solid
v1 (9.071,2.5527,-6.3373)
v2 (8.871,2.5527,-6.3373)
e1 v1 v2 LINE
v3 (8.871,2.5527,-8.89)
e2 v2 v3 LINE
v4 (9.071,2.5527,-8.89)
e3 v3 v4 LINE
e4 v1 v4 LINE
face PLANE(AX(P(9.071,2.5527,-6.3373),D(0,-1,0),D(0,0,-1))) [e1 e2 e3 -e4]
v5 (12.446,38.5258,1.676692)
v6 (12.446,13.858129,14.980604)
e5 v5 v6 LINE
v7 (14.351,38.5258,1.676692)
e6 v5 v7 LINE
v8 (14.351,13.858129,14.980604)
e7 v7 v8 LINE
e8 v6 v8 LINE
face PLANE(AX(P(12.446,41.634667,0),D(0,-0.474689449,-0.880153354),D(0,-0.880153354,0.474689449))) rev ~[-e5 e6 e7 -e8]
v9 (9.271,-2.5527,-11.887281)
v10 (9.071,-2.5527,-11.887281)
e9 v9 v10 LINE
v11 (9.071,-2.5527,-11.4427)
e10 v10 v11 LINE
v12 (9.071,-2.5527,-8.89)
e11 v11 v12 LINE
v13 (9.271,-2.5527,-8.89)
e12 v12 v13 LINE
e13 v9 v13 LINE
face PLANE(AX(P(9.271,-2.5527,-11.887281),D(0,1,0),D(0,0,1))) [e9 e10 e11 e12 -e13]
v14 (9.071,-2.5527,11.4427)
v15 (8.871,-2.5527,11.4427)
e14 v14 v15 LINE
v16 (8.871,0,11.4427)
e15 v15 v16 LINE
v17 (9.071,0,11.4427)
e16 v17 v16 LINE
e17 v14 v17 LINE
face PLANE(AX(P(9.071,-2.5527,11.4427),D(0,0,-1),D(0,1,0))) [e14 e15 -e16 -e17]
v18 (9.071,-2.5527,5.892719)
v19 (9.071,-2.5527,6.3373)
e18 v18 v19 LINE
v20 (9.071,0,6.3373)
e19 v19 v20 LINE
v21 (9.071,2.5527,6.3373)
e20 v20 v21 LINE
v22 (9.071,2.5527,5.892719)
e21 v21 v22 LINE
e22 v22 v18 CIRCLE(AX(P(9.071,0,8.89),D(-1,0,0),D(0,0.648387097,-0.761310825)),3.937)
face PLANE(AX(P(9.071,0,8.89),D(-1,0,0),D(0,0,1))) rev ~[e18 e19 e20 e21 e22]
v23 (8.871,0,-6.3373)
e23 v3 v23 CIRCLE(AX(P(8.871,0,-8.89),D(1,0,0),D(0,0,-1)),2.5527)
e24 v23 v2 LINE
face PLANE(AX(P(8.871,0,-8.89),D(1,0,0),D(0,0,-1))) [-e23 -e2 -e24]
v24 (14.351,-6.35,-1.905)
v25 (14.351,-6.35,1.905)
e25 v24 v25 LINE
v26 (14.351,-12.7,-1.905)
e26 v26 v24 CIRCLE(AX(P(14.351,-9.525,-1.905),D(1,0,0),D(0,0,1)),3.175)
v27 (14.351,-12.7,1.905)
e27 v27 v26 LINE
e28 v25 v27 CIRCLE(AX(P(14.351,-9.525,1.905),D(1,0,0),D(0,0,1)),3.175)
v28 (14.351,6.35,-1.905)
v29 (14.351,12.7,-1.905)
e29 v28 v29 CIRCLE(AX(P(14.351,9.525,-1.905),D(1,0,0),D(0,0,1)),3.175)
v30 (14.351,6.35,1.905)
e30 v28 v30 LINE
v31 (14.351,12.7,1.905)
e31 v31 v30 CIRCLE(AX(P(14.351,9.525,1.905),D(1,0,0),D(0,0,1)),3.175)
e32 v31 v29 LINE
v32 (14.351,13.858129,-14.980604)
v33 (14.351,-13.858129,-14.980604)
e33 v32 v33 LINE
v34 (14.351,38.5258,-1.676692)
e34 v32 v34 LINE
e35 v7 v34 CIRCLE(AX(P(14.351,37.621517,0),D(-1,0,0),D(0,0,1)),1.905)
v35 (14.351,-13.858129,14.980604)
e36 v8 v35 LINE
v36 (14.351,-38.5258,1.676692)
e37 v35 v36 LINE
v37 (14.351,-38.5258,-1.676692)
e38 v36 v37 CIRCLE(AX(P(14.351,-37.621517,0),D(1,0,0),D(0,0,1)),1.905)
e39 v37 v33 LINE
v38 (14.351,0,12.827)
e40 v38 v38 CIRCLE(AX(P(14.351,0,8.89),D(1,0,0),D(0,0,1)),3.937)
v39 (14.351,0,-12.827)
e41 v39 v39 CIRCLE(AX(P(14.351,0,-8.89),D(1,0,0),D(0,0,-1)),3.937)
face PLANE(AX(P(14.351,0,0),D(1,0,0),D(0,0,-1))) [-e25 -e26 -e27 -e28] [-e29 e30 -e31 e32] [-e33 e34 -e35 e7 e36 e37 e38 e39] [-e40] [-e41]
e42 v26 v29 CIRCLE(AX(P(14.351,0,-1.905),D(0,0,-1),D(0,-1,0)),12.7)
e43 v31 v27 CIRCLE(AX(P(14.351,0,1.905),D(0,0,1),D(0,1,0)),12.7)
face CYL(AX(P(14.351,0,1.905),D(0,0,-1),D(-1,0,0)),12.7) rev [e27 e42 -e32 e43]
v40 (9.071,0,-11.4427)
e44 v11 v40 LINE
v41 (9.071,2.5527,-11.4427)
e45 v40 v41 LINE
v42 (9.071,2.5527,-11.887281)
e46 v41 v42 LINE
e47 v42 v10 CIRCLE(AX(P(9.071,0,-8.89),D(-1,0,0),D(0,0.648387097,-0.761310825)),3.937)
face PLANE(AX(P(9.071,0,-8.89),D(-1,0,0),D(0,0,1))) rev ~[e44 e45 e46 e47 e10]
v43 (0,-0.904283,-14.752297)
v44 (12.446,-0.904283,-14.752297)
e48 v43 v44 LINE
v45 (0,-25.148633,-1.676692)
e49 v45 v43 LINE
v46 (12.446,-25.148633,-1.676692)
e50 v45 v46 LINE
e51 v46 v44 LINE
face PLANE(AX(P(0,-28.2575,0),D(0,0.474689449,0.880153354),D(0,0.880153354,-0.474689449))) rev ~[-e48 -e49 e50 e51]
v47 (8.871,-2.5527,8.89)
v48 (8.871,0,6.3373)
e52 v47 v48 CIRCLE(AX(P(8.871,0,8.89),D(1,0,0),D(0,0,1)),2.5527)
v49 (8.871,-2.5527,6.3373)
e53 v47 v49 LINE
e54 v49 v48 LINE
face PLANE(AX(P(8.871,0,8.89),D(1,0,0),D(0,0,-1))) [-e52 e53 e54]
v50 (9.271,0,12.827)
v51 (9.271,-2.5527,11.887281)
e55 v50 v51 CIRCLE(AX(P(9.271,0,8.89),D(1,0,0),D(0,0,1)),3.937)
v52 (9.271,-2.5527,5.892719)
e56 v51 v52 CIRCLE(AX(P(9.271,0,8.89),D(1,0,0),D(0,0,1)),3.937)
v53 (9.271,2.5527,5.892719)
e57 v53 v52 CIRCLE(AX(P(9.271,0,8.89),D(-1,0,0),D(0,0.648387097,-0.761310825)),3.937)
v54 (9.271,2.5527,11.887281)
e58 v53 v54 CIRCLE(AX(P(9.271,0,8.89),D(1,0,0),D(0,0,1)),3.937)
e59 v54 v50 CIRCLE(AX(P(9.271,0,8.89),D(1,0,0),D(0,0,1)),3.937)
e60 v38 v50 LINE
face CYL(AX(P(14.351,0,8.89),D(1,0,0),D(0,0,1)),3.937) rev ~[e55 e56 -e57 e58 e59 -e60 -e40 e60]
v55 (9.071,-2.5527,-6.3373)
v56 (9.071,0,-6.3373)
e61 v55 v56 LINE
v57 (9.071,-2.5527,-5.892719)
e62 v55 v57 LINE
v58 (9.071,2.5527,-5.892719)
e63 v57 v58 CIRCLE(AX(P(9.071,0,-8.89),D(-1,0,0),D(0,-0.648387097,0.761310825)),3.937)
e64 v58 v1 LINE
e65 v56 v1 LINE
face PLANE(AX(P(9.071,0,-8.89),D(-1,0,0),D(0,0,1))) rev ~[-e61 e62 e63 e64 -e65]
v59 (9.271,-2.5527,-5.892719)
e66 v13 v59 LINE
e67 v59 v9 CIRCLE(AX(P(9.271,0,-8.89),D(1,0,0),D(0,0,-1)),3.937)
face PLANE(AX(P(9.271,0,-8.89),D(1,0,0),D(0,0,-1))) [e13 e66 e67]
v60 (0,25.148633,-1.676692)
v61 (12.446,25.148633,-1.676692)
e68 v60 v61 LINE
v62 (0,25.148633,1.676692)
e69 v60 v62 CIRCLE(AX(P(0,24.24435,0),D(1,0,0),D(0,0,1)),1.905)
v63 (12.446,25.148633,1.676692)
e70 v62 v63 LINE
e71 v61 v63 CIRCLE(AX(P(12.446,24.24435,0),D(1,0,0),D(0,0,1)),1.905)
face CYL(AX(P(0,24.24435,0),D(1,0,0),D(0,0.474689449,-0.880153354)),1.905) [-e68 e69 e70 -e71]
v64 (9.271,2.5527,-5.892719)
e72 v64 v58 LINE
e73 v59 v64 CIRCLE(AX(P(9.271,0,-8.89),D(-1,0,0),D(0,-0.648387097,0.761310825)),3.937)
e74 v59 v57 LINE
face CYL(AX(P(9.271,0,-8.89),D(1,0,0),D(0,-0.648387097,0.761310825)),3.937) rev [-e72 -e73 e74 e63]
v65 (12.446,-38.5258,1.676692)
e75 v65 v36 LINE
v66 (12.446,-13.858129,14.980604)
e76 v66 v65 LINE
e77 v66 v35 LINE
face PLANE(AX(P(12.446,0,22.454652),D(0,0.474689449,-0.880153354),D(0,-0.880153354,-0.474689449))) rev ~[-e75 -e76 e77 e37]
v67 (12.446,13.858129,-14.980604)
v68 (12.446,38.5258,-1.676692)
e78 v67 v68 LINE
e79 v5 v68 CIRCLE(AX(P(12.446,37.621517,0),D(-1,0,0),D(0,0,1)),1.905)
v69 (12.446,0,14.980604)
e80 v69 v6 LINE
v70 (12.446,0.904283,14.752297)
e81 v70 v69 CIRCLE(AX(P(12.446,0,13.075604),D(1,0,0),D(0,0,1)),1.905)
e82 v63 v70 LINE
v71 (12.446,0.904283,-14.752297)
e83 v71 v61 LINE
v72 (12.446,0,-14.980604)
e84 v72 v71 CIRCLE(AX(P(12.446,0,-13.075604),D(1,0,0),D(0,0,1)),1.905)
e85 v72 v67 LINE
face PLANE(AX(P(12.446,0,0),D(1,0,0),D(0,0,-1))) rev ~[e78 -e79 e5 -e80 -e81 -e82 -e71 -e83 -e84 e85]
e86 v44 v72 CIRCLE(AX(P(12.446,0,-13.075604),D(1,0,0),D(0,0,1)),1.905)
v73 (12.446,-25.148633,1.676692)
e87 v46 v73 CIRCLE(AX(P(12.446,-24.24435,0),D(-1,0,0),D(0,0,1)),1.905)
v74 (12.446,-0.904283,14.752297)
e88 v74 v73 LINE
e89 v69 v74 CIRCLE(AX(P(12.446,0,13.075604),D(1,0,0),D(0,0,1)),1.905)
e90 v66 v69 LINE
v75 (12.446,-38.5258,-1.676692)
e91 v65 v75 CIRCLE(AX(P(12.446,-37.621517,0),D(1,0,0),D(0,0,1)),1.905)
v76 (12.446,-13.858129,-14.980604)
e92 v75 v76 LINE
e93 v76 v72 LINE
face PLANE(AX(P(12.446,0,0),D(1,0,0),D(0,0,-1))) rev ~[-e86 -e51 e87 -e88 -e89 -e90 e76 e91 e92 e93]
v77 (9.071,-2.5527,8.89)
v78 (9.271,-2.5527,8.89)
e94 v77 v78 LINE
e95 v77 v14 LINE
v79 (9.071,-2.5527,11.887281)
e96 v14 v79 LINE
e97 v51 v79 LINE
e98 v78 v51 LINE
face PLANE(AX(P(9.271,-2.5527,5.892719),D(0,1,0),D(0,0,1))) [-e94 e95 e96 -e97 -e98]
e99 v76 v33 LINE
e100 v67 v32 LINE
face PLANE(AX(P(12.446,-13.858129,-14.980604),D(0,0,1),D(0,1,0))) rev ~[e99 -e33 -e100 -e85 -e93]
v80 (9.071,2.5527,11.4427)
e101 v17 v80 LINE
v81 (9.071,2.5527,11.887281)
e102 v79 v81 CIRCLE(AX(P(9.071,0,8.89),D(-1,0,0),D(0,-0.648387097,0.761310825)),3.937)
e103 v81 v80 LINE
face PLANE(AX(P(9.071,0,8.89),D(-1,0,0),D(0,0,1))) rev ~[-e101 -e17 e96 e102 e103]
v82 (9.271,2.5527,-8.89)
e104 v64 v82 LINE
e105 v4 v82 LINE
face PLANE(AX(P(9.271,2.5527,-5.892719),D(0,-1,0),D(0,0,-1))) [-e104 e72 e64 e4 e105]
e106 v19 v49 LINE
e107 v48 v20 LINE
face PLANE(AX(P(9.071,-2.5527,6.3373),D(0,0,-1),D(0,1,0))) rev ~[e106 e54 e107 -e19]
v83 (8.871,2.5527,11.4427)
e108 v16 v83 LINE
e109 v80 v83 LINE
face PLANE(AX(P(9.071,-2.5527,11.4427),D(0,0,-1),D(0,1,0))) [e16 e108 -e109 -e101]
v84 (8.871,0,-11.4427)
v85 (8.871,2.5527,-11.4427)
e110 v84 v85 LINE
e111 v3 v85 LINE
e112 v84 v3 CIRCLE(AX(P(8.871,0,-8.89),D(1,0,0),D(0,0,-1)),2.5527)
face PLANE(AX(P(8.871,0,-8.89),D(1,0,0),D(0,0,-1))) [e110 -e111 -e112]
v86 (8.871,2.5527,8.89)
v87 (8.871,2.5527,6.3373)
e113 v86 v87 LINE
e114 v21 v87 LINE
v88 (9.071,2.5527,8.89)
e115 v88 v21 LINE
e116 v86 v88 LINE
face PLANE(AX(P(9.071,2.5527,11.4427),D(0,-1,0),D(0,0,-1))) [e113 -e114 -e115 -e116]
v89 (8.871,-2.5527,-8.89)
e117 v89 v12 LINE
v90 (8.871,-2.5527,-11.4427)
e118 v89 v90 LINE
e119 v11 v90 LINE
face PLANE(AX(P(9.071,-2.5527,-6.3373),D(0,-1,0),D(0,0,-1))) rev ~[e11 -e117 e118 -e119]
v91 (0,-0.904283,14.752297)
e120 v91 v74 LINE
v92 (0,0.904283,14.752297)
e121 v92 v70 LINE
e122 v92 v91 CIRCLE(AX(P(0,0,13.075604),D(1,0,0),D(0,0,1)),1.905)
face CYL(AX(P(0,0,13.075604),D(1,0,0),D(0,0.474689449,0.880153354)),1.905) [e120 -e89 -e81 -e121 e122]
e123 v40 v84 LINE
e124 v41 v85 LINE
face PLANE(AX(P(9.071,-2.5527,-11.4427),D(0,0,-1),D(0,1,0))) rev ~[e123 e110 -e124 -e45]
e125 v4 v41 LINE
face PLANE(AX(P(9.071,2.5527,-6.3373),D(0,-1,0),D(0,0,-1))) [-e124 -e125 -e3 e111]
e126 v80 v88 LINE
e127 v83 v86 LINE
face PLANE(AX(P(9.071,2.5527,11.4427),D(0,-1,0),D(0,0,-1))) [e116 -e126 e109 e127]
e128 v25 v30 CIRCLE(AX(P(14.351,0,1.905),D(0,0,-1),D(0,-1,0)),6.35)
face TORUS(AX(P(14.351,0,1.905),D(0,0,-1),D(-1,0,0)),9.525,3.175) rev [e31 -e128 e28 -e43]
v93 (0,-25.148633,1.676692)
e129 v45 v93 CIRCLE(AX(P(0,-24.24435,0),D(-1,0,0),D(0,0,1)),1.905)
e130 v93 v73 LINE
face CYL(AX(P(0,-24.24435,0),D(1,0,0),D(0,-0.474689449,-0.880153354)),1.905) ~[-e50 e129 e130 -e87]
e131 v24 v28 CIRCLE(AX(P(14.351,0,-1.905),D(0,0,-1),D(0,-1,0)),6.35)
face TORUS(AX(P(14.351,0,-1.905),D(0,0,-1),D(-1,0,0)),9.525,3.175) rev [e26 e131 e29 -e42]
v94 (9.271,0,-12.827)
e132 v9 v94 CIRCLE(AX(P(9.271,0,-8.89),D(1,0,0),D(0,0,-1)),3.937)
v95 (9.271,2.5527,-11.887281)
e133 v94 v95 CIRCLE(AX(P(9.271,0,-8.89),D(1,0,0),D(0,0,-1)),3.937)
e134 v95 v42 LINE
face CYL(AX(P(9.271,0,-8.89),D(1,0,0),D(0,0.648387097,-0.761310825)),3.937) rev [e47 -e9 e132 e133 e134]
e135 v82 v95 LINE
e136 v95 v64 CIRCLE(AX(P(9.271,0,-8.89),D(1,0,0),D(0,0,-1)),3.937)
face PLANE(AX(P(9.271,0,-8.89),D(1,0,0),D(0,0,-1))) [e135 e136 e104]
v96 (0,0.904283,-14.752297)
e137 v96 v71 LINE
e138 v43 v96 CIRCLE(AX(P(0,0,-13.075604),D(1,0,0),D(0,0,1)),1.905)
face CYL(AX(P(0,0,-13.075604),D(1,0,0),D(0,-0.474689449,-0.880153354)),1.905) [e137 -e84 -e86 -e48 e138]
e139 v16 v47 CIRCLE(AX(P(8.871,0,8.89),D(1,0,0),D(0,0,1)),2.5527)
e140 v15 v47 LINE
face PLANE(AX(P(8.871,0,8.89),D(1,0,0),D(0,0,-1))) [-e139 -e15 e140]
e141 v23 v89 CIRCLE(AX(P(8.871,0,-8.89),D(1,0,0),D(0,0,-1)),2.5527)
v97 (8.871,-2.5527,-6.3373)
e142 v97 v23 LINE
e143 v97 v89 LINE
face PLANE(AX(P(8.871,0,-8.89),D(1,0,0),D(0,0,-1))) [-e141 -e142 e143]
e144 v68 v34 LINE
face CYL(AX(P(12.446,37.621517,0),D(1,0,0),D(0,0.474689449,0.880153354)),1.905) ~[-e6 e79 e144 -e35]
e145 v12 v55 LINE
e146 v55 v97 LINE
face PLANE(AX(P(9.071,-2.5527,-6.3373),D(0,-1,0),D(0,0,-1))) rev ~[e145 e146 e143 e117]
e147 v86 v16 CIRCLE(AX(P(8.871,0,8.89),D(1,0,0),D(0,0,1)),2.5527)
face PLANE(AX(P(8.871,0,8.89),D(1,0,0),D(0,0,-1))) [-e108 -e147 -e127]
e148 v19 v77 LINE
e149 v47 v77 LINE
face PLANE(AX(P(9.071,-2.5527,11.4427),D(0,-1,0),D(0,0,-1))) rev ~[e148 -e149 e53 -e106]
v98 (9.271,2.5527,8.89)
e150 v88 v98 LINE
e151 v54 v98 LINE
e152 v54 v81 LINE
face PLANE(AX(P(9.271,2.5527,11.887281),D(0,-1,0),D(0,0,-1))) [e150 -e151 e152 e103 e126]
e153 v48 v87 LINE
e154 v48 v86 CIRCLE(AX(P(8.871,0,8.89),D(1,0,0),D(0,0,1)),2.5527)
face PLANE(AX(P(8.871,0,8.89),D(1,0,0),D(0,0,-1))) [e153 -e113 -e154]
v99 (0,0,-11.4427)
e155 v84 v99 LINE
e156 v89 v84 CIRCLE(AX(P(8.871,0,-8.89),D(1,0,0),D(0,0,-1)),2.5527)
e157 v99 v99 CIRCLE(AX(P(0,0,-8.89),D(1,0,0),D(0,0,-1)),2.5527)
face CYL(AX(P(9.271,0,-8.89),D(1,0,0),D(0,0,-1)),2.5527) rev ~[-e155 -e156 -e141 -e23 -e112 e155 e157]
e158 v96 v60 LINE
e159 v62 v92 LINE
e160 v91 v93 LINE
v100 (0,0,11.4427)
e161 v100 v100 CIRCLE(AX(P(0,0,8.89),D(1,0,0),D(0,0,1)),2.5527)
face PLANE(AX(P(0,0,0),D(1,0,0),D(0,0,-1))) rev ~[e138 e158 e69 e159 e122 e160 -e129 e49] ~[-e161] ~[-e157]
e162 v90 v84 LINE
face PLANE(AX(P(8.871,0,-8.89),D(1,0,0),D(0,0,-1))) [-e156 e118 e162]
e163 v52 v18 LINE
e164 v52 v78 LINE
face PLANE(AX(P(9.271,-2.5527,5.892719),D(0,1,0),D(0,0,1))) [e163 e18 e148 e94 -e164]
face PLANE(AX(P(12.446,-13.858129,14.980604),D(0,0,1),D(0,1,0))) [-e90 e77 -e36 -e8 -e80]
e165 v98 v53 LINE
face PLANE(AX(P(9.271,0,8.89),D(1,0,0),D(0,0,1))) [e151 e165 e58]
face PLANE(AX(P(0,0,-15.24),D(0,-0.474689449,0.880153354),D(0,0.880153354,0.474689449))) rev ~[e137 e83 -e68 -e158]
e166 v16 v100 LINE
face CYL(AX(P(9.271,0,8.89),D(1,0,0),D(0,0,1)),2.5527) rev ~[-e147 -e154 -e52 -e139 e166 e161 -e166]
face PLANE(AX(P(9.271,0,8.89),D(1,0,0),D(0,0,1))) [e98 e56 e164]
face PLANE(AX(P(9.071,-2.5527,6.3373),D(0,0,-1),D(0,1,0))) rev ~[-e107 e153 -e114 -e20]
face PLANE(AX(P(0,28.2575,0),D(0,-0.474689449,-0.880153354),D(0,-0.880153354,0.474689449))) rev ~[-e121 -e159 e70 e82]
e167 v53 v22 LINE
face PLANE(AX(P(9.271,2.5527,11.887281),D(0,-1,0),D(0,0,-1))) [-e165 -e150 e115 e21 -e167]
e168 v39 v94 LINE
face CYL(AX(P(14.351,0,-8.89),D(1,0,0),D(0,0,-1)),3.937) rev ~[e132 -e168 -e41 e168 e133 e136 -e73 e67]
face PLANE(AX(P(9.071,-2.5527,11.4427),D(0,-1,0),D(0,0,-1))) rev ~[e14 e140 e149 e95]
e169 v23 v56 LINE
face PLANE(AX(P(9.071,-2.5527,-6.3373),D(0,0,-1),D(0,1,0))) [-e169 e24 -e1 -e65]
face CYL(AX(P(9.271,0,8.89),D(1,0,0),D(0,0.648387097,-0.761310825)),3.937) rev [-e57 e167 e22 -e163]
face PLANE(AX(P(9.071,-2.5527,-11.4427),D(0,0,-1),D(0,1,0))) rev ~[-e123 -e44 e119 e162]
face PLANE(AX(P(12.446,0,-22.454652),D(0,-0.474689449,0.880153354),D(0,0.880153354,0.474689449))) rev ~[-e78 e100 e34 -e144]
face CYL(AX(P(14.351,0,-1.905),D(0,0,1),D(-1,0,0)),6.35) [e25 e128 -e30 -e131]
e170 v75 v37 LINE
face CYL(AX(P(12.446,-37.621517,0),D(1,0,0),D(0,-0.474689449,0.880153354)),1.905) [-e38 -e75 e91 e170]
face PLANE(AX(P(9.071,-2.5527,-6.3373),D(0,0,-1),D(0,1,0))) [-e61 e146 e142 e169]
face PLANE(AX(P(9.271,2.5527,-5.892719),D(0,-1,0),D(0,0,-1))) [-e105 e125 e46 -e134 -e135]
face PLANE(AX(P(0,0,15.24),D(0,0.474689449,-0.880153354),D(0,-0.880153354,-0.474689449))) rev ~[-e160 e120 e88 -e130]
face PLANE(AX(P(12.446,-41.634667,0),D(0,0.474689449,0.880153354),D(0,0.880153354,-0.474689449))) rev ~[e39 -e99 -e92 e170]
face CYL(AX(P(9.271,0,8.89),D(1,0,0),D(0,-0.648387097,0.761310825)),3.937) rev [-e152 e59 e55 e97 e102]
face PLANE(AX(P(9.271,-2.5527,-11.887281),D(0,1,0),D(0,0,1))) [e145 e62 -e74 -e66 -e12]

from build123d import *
from build123d.topology import SkipClean

# Parameters (mm, degrees)
BOSS_EXTRUDE1_DEPTH = 12.446
BOSS_EXTRUDE3_DEPTH = 1.905
FILLET1_R           = 1.905
SKETCH8_R           = 3.937
CUT_EXTRUDE3_DEPTH  = 5.08
SKETCH9_R           = 2.5527
CUT_EXTRUDE4_DEPTH  = 47.270145624
CUT_EXTRUDE7_DEPTH  = 48.009337913
CUT_EXTRUDE8_DEPTH  = 0.2
SKETCH14_W          = 5.1054
SKETCH14_H          = 5.1054
CUT_EXTRUDE9_DEPTH  = 0.2


with BuildPart() as part:
    # Sketch1 → Boss-Extrude1 (new body)
    with BuildSketch(Plane(origin=(0, 0, 0), x_dir=(0, 0, -1), z_dir=(1, 0, 0))):
        Polygon((0, -28.2575), (15.24, 0), (0, 28.2575), (-15.24, 0), align=None)
    extrude(amount=BOSS_EXTRUDE1_DEPTH)

    # Sketch6 → Boss-Extrude3 (add)
    with BuildSketch(Plane(origin=(12.446, 0, 0), x_dir=(0, 0, -1), z_dir=(1, 0, 0))):
        Polygon((-22.454651823, 0), (0, -41.634666921), (22.454651823, 0), (0, 41.634666921), align=None)
    extrude(amount=BOSS_EXTRUDE3_DEPTH)

    # Fillet1
    fillet1_edges = [part.edges().sort_by_distance(p)[0] for p in [
        (13.3985, 41.634666921, 0),
        (13.3985, 0, 22.454651823),
        (13.3985, -41.634666921, 0),
        (13.3985, 0, -22.454651823),
        (6.223, 0, -15.24),
        (6.223, -28.2575, 0),
        (6.223, 0, 15.24),
        (6.223, 28.2575, 0),
    ]]
    fillet(fillet1_edges, radius=FILLET1_R)

    # Sketch7 → Cut-Revolve2 (revolve, cut)
    with BuildSketch(Plane(origin=(0, 0, 0), x_dir=(1, 0, 0), z_dir=(0, 1, 0))):
        with BuildLine():
            Line((1.651, -1.905), (1.651, 1.905))
            ThreePointArc((1.651, 1.905), (4.826, 5.08), (8.001, 1.905))
            Line((8.001, 1.905), (8.001, -1.905))
            ThreePointArc((8.001, -1.905), (4.826, -5.08), (1.651, -1.905))
        make_face()
    revolve(axis=Axis((14.351, 0, 0), (0, 0, 1)), mode=Mode.SUBTRACT)

    # Sketch8 → Cut-Extrude3 (cut)
    with BuildSketch(Plane(origin=(14.351, 0, 0), x_dir=(0, 0, -1), z_dir=(1, 0, 0))):
        with Locations((8.89, 0)):
            Circle(SKETCH8_R)
        with Locations(Location((-8.89, 0, 0), (0, 0, 180))):
            Circle(SKETCH8_R)
    extrude(amount=-CUT_EXTRUDE3_DEPTH, mode=Mode.SUBTRACT)

    # Sketch9 → Cut-Extrude4 (cut, through all)
    with BuildSketch(Plane(origin=(9.271, 0, 0), x_dir=(0, 0, -1), z_dir=(1, 0, 0))):
        with Locations((8.89, 0)):
            Circle(SKETCH9_R)
        with Locations(Location((-8.89, 0, 0), (0, 0, 180))):
            Circle(SKETCH9_R)
    extrude(amount=-CUT_EXTRUDE4_DEPTH, mode=Mode.SUBTRACT)

    # Sketch12 → Cut-Extrude7 (cut, through all)
    with BuildSketch(Plane.ZY.offset(-12.446)):
        with BuildLine():
            Line((-14.980604453, -13.858129497), (-14.980604453, 13.858129497))
            Line((-14.980604453, 13.858129497), (-21.966948415, 0.904283401))
            ThreePointArc((-21.966948415, 0.904283401), (-22.195256276, 0), (-21.966948415, -0.904283401))
            Line((-21.966948415, -0.904283401), (-14.980604453, -13.858129497))
        make_face()
        with BuildLine():
            Line((14.980604453, -13.858129497), (14.980604453, 13.858129497))
            Line((14.980604453, 13.858129497), (21.966948415, 0.904283401))
            ThreePointArc((21.966948415, 0.904283401), (22.195256276, 0), (21.966948415, -0.904283401))
            Line((21.966948415, -0.904283401), (14.980604453, -13.858129497))
        make_face()
    extrude(amount=-CUT_EXTRUDE7_DEPTH, mode=Mode.SUBTRACT)

    # Sketch13 → Cut-Extrude8 (cut)
    with SkipClean():  # the faces are left unmerged after this step: merging them gives an invalid solid
        with BuildSketch(Plane(origin=(9.271, 0, 0), x_dir=(0, 0, -1), z_dir=(1, 0, 0))):
            with BuildLine():
                Line((5.892719281, 2.5527), (11.887280719, 2.5527))
                ThreePointArc((11.887280719, 2.5527), (12.827, 0), (11.887280719, -2.5527))
                Line((11.887280719, -2.5527), (5.892719281, -2.5527))
                ThreePointArc((5.892719281, -2.5527), (4.953, 0), (5.892719281, 2.5527))
            make_face()
            with BuildLine():
                Line((-11.887280719, 2.5527), (-5.892719281, 2.5527))
                ThreePointArc((-5.892719281, 2.5527), (-4.953, 0), (-5.892719281, -2.5527))
                Line((-5.892719281, -2.5527), (-11.887280719, -2.5527))
                ThreePointArc((-11.887280719, -2.5527), (-12.827, 0), (-11.887280719, 2.5527))
            make_face()
        extrude(amount=-CUT_EXTRUDE8_DEPTH, mode=Mode.SUBTRACT)

    # Sketch14 → Cut-Extrude9 (cut)
    with SkipClean():  # the faces are left unmerged after this step: merging them gives an invalid solid
        with BuildSketch(Plane(origin=(9.071, 0, 0), x_dir=(0, 0, -1), z_dir=(1, 0, 0))):
            with Locations((8.89, 0)):
                Rectangle(SKETCH14_W, SKETCH14_H)
            with Locations((-8.89, 0)):
                Rectangle(SKETCH14_W, SKETCH14_H)
        extrude(amount=-CUT_EXTRUDE9_DEPTH, mode=Mode.SUBTRACT)


solid = part.part
